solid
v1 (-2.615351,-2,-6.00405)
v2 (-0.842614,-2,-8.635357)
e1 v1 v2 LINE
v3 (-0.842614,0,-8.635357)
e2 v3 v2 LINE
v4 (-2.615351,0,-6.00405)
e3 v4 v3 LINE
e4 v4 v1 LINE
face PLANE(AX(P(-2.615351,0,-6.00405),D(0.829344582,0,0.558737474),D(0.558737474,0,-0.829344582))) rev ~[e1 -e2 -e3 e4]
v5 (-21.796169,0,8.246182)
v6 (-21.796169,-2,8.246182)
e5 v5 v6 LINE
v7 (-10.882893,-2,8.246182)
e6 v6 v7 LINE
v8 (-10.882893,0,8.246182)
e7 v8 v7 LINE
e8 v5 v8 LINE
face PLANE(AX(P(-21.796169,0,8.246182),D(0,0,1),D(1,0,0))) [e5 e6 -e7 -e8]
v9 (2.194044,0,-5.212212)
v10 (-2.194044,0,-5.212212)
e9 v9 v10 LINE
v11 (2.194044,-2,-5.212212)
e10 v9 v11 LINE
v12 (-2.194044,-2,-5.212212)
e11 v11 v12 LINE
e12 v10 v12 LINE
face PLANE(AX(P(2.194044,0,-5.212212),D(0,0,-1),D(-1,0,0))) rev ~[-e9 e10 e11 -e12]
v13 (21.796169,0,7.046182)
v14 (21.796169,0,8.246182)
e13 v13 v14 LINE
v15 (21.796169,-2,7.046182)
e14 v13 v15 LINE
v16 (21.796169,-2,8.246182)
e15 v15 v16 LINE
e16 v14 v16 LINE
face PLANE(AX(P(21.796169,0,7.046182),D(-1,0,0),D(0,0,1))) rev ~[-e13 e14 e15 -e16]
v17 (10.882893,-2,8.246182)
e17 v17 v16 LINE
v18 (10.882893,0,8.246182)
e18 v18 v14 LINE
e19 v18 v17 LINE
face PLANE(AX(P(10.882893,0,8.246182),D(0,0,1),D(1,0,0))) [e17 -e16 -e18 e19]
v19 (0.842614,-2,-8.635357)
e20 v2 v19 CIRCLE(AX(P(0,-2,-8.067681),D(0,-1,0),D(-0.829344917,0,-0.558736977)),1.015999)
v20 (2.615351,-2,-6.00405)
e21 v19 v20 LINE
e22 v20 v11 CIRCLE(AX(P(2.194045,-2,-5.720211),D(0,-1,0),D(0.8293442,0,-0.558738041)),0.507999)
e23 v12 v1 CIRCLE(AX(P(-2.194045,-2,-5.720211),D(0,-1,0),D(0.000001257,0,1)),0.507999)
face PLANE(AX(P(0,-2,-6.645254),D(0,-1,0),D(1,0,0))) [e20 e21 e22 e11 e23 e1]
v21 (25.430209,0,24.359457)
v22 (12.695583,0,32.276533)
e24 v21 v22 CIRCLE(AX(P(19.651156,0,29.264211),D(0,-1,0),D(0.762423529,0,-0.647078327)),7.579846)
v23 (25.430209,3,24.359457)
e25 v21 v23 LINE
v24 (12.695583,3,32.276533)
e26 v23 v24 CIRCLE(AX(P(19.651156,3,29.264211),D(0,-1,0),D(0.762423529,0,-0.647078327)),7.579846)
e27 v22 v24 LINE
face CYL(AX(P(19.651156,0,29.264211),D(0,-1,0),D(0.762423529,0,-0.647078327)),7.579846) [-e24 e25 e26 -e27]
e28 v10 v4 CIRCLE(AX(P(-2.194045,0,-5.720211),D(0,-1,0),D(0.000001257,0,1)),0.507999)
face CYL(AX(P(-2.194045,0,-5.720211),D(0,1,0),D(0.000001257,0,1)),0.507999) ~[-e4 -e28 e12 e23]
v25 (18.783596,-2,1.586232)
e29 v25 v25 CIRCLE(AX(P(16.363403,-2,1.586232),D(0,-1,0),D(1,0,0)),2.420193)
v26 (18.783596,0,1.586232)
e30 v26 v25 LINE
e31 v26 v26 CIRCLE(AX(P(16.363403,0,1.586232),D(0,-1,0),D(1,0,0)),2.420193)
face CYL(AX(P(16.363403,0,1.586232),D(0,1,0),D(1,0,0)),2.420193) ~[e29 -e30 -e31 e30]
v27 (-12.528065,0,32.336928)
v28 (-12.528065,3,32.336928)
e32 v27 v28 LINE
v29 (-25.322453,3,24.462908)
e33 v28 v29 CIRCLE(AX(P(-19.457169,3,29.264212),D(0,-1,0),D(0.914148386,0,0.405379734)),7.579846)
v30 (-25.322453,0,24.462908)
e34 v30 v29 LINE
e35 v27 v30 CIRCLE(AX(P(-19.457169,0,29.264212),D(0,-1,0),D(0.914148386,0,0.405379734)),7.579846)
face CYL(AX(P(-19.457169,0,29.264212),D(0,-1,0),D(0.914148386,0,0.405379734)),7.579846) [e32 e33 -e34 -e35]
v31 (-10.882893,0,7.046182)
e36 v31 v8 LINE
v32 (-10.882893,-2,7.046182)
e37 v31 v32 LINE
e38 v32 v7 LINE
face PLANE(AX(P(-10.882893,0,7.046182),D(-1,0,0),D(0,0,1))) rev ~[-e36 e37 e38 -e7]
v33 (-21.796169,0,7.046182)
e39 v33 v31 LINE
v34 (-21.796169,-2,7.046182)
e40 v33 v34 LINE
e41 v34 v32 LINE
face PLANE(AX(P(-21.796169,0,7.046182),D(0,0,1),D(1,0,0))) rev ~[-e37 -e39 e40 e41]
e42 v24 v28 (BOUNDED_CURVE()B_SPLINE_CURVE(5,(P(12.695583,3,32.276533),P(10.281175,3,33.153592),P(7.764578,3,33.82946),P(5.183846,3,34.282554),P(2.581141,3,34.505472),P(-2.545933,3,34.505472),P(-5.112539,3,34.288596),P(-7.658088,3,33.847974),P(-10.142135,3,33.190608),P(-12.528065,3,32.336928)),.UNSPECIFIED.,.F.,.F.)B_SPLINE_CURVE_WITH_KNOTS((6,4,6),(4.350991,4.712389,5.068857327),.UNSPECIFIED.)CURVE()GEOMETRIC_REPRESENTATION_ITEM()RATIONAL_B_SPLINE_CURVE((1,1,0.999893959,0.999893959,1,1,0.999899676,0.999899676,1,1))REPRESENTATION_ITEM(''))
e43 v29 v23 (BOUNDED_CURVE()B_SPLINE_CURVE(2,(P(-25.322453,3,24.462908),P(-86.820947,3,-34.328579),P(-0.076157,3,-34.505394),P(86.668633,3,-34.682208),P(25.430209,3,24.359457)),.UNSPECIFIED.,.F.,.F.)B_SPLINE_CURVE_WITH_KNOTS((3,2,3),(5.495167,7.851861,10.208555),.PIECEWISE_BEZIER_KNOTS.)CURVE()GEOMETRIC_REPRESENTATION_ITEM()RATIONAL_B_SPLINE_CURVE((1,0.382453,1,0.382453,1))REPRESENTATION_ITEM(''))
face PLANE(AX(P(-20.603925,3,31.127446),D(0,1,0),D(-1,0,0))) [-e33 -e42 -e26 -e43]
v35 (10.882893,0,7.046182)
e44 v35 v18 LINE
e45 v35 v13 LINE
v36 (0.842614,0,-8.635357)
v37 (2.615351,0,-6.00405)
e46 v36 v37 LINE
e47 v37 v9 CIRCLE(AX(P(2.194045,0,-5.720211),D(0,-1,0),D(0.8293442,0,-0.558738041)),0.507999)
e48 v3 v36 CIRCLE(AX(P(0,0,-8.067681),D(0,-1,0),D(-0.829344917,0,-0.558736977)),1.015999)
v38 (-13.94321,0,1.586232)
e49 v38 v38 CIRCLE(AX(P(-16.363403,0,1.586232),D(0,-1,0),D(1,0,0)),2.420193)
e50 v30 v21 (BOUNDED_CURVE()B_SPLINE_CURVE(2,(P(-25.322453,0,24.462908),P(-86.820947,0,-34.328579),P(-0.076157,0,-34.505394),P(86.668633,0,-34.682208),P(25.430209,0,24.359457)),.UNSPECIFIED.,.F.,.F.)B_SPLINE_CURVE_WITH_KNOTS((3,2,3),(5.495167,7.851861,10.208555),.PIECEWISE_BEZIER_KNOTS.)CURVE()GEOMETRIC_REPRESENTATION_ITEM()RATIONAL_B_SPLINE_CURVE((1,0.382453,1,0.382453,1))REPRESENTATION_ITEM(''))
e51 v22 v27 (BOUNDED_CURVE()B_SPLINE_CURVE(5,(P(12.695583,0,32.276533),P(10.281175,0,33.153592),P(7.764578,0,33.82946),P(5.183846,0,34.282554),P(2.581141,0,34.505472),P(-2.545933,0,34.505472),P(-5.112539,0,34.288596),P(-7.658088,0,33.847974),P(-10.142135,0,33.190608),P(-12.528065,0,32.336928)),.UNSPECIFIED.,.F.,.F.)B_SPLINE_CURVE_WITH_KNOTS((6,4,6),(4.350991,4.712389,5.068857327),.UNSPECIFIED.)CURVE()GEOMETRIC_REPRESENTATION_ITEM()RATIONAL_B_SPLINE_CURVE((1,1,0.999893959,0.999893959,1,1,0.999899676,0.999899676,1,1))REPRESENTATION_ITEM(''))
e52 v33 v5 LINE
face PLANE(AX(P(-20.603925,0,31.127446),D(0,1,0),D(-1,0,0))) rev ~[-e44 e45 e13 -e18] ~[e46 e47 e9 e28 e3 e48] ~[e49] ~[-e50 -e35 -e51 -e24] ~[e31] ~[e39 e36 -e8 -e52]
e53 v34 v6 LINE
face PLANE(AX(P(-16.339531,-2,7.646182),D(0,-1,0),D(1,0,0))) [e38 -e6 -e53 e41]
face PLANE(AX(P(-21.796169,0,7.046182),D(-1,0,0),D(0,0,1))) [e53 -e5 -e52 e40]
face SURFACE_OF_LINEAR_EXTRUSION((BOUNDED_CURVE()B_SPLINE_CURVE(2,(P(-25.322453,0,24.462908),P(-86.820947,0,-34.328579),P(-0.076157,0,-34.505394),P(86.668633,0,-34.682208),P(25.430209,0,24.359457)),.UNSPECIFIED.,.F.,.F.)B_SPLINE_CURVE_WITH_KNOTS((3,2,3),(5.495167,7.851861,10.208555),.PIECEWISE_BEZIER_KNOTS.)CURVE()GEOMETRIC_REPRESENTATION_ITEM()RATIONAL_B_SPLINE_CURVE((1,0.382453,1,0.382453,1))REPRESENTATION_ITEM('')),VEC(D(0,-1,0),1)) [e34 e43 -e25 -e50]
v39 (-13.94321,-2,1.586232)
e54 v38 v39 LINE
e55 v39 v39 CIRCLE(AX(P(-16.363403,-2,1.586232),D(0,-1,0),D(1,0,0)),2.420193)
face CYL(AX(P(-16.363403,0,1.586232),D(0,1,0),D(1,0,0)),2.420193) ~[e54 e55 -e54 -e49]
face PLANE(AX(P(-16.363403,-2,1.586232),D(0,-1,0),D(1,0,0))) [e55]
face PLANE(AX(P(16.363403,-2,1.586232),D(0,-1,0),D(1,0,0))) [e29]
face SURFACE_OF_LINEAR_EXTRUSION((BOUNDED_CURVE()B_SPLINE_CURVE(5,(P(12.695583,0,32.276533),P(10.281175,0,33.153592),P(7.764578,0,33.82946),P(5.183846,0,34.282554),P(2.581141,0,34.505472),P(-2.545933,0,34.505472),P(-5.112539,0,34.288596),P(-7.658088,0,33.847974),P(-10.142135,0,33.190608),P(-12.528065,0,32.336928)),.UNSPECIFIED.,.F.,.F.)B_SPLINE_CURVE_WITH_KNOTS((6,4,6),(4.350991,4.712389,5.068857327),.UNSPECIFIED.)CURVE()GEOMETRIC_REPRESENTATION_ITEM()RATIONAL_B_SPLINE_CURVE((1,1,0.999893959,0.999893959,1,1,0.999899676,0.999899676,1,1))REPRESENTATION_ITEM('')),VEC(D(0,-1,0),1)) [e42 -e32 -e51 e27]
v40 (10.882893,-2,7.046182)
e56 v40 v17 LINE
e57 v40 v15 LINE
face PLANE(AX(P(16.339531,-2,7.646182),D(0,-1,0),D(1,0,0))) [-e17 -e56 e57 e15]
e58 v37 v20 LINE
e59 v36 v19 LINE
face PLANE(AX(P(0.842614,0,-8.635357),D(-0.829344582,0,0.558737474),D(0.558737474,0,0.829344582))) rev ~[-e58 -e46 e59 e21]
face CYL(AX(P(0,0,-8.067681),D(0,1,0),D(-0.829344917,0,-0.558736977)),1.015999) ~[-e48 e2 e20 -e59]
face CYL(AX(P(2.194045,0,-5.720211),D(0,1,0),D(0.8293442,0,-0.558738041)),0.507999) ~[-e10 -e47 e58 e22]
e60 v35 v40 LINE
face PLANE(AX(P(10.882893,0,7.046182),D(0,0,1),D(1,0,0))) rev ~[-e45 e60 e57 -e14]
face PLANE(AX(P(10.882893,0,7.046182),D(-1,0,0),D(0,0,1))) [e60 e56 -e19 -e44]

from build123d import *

# Parameters (mm, degrees)
F2_DEPTH = 3
F1_R     = 2.420193
F1_W     = 10.913275
F1_H     = 1.2
F3_DEPTH = 2


with BuildPart() as f2:
    # F0 (on Front) → F2 (new body)
    with BuildSketch(Plane.XZ):
        with BuildLine():
            add(Edge.make_bspline(
                [(-12.528065, 32.336928), (-19.812086, 29.730722), (-25.322453, 24.462908)],
                knots=[5.068804, 5.068804, 5.068804, 5.495167, 5.495167, 5.495167], degree=2, weights=[1, 0.977363, 1]))
            ThreePointArc((-12.528065, 32.336928), (-23.429949, 35.719527), (-25.322453, 24.462908))
        make_face()
        with BuildLine():
            add(Edge.make_bspline(
                [(0, 34.505472), (-6.467254, 34.505472), (-12.528065, 32.336928)],
                knots=[4.712389, 4.712389, 4.712389, 5.068804, 5.068804, 5.068804], degree=2, weights=[1, 0.984163, 1]))
            add(Edge.make_bspline(
                [(-12.528065, 32.336928), (-19.812086, 29.730722), (-25.322453, 24.462908)],
                knots=[5.068804, 5.068804, 5.068804, 5.495167, 5.495167, 5.495167], degree=2, weights=[1, 0.977363, 1]))
            add(Edge.make_bspline(
                [(-25.322453, 24.462908), (-86.820947, -34.328579), (-0.076157, -34.505394), (86.668633, -34.682208), (25.430209, 24.359457)],
                knots=[5.495167, 5.495167, 5.495167, 7.851861, 7.851861, 10.208555, 10.208555, 10.208555], degree=2, weights=[1, 0.382453, 1, 0.382453, 1]))
            add(Edge.make_bspline(
                [(25.430209, 24.359457), (19.952975, 29.64021), (12.695583, 32.276533)],
                knots=[3.925369, 3.925369, 3.925369, 4.350991, 4.350991, 4.350991], degree=2, weights=[1, 0.977441, 1]))
            add(Edge.make_bspline(
                [(12.695583, 32.276533), (6.559657, 34.505472), (0, 34.505472)],
                knots=[4.350991, 4.350991, 4.350991, 4.712389, 4.712389, 4.712389], degree=2, weights=[1, 0.983718, 1]))
        make_face()
        with BuildLine():
            add(Edge.make_bspline(
                [(25.430209, 24.359457), (19.952975, 29.64021), (12.695583, 32.276533)],
                knots=[3.925369, 3.925369, 3.925369, 4.350991, 4.350991, 4.350991], degree=2, weights=[1, 0.977441, 1]))
            ThreePointArc((25.430209, 24.359457), (23.653164, 35.701447), (12.695583, 32.276533))
        make_face()
    extrude(amount=-F2_DEPTH)

    # F1 (on Front) → F3 (join)
    with BuildSketch(Plane.XZ):
        with Locations((-16.363403, 1.586232)):
            Circle(F1_R)
        with Locations((-16.339531, 7.646182)):
            Rectangle(F1_W, F1_H)
        with Locations((16.339531, 7.646182)):
            Rectangle(F1_W, F1_H)
        with Locations((16.363403, 1.586232)):
            Circle(F1_R)
        with BuildLine():
            Line((2.194044, -5.212212), (0, -5.212212))
            Line((0, -5.212212), (-2.194044, -5.212212))
            ThreePointArc((-2.194044, -5.212212), (-2.642516, -5.481597), (-2.615351, -6.00405))
            Line((-2.615351, -6.00405), (-0.842614, -8.635357))
            ThreePointArc((-0.842614, -8.635357), (0, -9.08368), (0.842614, -8.635357))
            Line((0.842614, -8.635357), (2.615351, -6.00405))
            ThreePointArc((2.615351, -6.00405), (2.642516, -5.481597), (2.194044, -5.212212))
        make_face()
    extrude(amount=F3_DEPTH)


solid = f2.part
